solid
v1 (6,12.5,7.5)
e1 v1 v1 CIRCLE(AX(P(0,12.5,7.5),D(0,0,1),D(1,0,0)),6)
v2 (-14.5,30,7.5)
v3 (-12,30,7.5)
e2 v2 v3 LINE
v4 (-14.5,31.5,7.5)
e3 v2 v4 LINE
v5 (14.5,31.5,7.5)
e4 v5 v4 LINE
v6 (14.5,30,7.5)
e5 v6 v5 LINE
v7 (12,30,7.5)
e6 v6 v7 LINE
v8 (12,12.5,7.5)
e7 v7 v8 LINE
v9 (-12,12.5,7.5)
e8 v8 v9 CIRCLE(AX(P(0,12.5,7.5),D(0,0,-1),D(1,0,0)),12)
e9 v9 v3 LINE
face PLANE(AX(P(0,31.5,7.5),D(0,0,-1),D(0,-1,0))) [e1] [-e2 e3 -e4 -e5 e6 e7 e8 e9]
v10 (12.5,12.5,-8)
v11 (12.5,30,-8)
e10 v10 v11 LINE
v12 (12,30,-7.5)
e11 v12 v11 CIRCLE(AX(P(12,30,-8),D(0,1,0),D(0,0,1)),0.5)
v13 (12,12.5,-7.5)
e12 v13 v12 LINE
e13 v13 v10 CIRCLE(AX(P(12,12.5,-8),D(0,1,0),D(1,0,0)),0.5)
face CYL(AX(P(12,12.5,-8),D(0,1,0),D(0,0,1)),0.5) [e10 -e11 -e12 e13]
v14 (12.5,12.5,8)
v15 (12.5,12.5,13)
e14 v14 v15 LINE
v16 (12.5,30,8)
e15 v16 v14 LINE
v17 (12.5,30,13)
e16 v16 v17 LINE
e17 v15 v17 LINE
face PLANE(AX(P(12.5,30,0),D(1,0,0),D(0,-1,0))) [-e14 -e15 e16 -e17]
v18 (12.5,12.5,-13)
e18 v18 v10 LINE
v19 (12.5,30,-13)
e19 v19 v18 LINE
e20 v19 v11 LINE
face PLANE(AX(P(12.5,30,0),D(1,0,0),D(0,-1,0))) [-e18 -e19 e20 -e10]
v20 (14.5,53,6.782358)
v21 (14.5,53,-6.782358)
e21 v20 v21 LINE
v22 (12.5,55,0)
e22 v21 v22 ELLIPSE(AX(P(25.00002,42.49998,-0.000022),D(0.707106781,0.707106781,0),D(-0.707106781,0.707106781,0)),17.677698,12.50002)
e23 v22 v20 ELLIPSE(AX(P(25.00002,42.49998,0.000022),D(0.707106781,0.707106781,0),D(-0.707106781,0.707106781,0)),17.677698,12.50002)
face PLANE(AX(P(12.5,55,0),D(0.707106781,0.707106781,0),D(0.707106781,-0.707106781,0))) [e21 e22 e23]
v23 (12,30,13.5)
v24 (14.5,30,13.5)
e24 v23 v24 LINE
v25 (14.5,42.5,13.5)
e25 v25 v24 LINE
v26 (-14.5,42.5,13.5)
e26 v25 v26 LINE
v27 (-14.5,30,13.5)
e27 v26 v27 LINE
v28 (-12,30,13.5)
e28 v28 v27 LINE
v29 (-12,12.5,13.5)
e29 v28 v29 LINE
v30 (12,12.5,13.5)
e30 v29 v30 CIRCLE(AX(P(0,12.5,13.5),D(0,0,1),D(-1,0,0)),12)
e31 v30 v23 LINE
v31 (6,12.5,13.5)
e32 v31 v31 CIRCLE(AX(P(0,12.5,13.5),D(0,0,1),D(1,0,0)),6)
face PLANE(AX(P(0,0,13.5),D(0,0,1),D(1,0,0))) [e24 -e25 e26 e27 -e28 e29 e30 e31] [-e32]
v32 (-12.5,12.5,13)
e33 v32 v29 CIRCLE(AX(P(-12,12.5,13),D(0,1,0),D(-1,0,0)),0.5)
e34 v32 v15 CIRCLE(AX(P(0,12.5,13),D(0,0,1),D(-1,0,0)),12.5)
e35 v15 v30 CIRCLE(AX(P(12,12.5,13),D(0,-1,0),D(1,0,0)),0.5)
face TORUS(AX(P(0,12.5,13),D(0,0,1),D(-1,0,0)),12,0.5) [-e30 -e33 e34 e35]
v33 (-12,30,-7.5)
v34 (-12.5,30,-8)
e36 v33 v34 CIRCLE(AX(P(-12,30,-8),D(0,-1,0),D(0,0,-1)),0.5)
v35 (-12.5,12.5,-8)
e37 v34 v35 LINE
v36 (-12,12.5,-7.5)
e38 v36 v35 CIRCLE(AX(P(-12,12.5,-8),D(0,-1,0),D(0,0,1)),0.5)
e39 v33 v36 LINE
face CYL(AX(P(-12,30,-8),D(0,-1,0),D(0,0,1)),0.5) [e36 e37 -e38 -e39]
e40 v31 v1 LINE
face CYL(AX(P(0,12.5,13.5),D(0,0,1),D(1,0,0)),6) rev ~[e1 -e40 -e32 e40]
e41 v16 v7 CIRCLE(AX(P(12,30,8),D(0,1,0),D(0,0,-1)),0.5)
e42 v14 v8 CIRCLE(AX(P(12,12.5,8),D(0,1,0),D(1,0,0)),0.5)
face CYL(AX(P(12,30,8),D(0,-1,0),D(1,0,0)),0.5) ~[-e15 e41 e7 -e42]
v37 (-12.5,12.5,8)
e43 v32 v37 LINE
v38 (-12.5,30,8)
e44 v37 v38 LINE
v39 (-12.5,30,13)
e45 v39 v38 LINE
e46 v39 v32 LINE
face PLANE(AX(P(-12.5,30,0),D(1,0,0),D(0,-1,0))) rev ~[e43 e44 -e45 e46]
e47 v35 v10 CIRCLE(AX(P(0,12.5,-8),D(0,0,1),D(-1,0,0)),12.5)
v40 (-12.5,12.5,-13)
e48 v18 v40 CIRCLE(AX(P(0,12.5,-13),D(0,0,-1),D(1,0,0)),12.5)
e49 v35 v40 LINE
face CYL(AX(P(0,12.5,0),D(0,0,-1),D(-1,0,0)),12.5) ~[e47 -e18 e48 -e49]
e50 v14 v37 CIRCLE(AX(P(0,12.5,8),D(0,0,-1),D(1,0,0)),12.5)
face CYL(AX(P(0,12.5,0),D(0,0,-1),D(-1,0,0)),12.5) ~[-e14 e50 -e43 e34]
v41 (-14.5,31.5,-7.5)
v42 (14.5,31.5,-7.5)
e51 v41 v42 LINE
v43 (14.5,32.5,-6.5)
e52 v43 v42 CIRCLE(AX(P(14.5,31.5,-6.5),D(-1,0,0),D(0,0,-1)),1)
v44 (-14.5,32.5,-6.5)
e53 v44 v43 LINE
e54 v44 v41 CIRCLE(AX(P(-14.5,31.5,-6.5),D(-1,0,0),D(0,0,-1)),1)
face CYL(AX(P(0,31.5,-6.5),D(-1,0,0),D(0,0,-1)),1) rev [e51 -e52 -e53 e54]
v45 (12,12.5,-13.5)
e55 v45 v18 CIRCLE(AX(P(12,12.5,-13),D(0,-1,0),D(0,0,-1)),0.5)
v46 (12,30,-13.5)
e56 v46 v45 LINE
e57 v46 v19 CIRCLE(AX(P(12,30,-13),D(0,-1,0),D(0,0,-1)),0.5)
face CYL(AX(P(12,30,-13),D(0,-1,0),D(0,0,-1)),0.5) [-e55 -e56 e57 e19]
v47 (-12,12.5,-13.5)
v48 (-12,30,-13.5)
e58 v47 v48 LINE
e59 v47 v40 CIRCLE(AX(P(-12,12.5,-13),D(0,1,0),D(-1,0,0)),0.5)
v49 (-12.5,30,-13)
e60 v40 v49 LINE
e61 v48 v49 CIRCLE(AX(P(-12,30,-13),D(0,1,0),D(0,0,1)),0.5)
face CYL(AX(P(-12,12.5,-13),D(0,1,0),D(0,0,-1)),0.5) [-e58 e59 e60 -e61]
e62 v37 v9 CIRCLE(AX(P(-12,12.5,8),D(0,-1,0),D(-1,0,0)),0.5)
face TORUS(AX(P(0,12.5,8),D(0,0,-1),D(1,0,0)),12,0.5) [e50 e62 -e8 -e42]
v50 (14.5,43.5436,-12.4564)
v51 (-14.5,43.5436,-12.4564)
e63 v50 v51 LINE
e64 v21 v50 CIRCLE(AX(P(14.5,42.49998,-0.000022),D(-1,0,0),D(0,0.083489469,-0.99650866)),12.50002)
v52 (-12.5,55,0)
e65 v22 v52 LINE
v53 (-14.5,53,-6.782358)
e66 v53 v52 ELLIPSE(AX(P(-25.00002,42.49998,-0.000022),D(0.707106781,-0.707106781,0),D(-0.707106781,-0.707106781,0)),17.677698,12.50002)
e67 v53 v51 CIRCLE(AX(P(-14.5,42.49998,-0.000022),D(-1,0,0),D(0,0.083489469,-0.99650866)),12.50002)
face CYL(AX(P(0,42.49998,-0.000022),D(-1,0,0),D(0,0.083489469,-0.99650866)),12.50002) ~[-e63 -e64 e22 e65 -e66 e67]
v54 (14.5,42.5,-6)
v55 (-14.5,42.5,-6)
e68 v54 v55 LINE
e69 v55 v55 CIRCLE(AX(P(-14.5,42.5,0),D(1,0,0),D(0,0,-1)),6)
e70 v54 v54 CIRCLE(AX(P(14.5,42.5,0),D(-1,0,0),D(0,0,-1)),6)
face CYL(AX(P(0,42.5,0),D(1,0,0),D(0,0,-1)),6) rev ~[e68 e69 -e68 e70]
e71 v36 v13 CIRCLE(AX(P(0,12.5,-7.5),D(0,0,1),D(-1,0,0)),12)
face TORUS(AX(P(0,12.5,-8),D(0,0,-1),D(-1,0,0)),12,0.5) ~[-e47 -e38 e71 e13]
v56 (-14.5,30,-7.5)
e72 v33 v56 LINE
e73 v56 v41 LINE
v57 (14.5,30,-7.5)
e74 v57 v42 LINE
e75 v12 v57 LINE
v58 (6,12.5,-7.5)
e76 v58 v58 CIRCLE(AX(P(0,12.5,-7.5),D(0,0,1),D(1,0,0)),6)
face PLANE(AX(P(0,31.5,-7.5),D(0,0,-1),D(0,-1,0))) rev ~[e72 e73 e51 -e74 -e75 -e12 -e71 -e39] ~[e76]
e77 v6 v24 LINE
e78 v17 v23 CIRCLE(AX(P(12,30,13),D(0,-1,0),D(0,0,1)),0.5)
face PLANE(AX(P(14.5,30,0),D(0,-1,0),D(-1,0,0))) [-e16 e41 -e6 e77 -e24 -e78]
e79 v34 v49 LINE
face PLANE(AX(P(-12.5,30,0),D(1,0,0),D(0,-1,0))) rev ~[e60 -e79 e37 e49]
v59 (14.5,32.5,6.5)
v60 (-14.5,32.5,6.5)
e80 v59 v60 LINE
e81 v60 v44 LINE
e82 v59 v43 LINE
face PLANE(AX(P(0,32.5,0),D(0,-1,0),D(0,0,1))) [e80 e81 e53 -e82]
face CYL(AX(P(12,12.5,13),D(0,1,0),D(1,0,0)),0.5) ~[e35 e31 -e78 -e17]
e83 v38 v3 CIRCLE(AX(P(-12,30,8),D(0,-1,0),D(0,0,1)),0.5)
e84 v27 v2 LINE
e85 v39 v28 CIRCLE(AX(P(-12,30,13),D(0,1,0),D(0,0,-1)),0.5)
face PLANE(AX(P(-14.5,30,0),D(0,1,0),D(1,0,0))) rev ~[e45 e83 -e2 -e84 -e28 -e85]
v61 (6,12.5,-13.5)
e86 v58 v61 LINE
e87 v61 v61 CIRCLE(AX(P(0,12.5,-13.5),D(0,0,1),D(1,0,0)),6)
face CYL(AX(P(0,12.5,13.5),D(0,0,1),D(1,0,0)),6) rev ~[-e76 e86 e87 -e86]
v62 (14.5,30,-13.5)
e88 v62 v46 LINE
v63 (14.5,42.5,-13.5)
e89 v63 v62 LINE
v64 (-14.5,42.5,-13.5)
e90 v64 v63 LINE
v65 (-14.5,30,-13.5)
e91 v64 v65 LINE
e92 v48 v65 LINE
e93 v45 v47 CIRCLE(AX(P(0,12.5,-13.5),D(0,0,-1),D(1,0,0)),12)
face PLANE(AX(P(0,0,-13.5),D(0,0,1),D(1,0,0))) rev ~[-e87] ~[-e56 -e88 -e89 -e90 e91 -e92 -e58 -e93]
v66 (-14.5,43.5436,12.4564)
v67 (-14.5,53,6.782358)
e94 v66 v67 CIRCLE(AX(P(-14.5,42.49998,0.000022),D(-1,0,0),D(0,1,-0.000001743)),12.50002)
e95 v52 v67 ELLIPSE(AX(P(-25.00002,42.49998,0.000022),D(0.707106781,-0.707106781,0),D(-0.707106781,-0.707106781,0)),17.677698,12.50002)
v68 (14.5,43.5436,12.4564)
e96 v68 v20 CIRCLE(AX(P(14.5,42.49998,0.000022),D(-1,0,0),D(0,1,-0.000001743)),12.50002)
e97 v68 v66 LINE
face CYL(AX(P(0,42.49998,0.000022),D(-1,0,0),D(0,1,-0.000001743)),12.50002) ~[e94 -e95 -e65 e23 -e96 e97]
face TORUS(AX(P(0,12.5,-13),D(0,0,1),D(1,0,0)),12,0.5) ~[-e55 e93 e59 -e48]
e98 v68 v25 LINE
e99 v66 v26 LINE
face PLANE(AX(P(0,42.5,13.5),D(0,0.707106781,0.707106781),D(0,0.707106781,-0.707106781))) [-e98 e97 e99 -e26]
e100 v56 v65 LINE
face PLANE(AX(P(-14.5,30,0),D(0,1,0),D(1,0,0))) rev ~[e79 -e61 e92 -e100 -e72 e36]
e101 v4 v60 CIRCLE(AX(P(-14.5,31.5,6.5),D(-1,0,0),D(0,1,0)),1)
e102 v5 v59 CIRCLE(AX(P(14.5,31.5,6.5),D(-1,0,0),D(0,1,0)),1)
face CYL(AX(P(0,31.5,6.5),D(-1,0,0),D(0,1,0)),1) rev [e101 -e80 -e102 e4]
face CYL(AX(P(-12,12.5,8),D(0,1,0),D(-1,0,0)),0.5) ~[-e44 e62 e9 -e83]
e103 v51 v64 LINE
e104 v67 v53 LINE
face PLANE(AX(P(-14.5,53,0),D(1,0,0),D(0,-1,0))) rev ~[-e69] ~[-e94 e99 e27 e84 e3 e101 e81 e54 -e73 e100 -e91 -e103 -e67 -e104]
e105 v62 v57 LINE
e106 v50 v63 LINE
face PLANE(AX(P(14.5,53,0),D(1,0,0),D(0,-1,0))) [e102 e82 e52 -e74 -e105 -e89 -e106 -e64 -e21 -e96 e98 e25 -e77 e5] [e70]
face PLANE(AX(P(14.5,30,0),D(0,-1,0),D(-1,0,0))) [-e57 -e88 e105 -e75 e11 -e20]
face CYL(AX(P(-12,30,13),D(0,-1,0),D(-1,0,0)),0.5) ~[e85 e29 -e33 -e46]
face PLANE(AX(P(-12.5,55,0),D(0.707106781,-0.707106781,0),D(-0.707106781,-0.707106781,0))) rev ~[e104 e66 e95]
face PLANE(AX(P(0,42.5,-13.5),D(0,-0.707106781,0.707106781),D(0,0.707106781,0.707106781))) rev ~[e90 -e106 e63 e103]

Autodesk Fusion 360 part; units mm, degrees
sketch "Sketch1" plane through (0, 0, 0) normal (0, 0, 1) x (1, 0, 0)
  line L0 (0, 0) -> (0, 55) construction
  line L1 (0, 12.5) -> (12.5, 12.5) construction
  arc A0 (0, 0) -> (12.5, 12.5) centre (0, 12.5) ccw
  line L2 (0, 55) -> (12.5, 55)
  line L3 (12.5, 55) -> (12.5, 12.5)
  line L4 (0, 55) -> (-12.5, 55)
  line L5 (-12.5, 55) -> (-12.5, 12.5)
  arc A1 (-12.5, 12.5) -> (0, 0) centre (0, 12.5) ccw
  line L6 (14.5, 55) -> (14.5, 12.5) construction
  line L7 (12.5, 55) -> (14.5, 53)
  line L8 (12.5, 55) -> (26.8265, 55) construction
  line L9 (14.5, 53) -> (14.5, 30)
  line L10 (14.5, 30) -> (12.5, 30)
  line L11 (-14.5, 30) -> (-12.5, 30)
  line L12 (-12.5, 55) -> (-26.8265, 55) construction
  line L13 (-14.5, 53) -> (-14.5, 30)
  line L14 (-14.5, 55) -> (-12.5, 55)
  line L15 (12.5, 55) -> (14.5, 55)
  line L16 (-12.5, 55) -> (-14.5, 53)
  dimension "d1" = 55
  dimension "d2" = 25
  dimension "d4" = 12.5
  dimension "d5" = 2
  dimension "d6" = 45
  dimension "d7" = 25
extrude "Extrude1" add sketch "Sketch1" along normal mid plane 27
sketch "Sketch2" plane through (0, 0, 13.5) normal (0, 0, 1) x (1, 0, 0)
  line L0 (12.5, 55) -> (-12.5, 55)
  line L1 (-12.5, 55) -> (-14.5, 53)
  line L2 (-14.5, 53) -> (-14.5, 30)
  line L3 (-14.5, 30) -> (-12.5, 30)
  line L4 (-12.5, 30) -> (-12.5, 12.5)
  arc A0 (-12.5, 12.5) -> (12.5, 12.5) centre (0, 12.5) ccw
  line L5 (12.5, 12.5) -> (12.5, 30)
  line L6 (12.5, 30) -> (14.5, 30)
  line L7 (14.5, 30) -> (14.5, 53)
  line L8 (14.5, 53) -> (12.5, 55)
  arc A1 (-12.5, 12.5) -> (12.5, 12.5) centre (0, 12.5) ccw
  circle A2 centre (0, 12.5) radius 6
  dimension "d10" = 12
extrude "Extrude2" cut sketch "Sketch2" against normal through all contours A2
sketch "Sketch3" plane through (0, 0, 0) normal (1, 0, 0) x (0, 0, -1)
  line L0 (13.5, 18.5) -> (13.5, 6.5) construction
  line L1 (-13.5, 6.5) -> (-13.5, 18.5) construction
  line L2 (13.5, 55) -> (-13.5, 55) construction
  line L3 (13.5, 30) -> (13.5, 53) construction
  line L4 (13.5, 53) -> (13.5, 55) construction
  line L5 (-13.5, 55) -> (-13.5, 53) construction
  line L6 (-13.5, 53) -> (-13.5, 30) construction
  line L7 (-13.5, 30) -> (-13.5, 12.5) construction
  line L8 (13.5, 12.5) -> (13.5, 30) construction
  line L9 (13.5, 0) -> (13.5, 12.5) construction
  line L10 (-13.5, 12.5) -> (-13.5, 0) construction
  line L11 (13.5, 12.5) -> (-13.5, 12.5) construction
  line L12 (-13.5, 12.5) -> (-13.5, 0) construction
  line L13 (-13.5, 12.5) -> (13.5, 12.5) construction
  line L14 (13.5, 0) -> (13.5, 12.5) construction
  line L15 (13.5, 0) -> (-13.5, 0) construction
  line L16 (-13.5, 42.5) -> (13.5, 42.5) construction
  line L17 (13.5, 32.5) -> (-13.5, 32.5) construction
  line L18 (13.5, 32.5) -> (13.5, 2)
  line L19 (7.5, 31.5) -> (7.5, 0)
  line L20 (11.5, 0) -> (7.5, 0)
  line L21 (0, 32.5) -> (6.5, 32.5)
  arc A0 (7.5, 31.5) -> (6.5, 32.5) centre (6.5, 31.5) ccw
  line L22 (0, 55) -> (0, 0) construction
  circle A1 centre (0, 42.5) radius 12.5 construction
  line L23 (13.5, 42.5) -> (12.4564, 43.5436)
  line L24 (13.5, 42.5) -> (21.4057, 42.5) construction
  arc A2 (12.4564, 43.5436) -> (0, 55) centre (0, 42.5) ccw
  line L25 (13.5, 42.5) -> (13.5, 32.5)
  arc A3 (0, 55) -> (-12.4564, 43.5436) centre (0, 42.5) ccw
  line L26 (-13.5, 42.5) -> (-12.4564, 43.5436)
  line L27 (-13.5, 42.5) -> (-13.5, 32.5)
  line L28 (-13.5, 32.5) -> (-13.5, 2)
  line L29 (-11.5, 0) -> (-7.5, 0)
  line L30 (-7.5, 31.5) -> (-7.5, 0)
  arc A4 (-6.5, 32.5) -> (-7.5, 31.5) centre (-6.5, 31.5) ccw
  line L31 (0, 32.5) -> (-6.5, 32.5)
  line L32 (7.5, 0) -> (-7.5, 0)
  line L33 (-11.5, 0) -> (-13.5, 0)
  line L34 (-13.5, 2) -> (-13.5, 0)
  line L35 (13.5, 2) -> (13.5, 0)
  line L36 (13.5, 0) -> (11.5, 0)
  line L37 (13.5, 55) -> (13.5, 42.5)
  line L38 (13.5, 55) -> (0, 55)
  line L39 (0, 55) -> (-13.5, 55)
  line L40 (-13.5, 55) -> (-13.5, 42.5)
  circle A5 centre (0, 42.5) radius 6
  dimension "d12" = 30
  dimension "d13" = 20
  dimension "d16" = 1
  dimension "d17" = 25
  dimension "d18" = 135
  dimension "d21" = 12
extrude "Extrude3" cut sketch "Sketch3" along normal through all and the other way through all contours L23 A2 L37 L38 | A3 L26 L39 L40 | L19 L21 A0 L30 A4 L31 L32 | A5
fillet "Fillet1" radius 0.5 12 edges at (12.5, 21.25, -13.5) (0, 0, -13.5) (-12.5, 21.25, -13.5) (12.5, 21.25, -7.5) (0, 0, -7.5) (-12.5, 21.25, -7.5) (-12.5, 21.25, 7.5) (0, 0, 7.5) (12.5, 21.25, 7.5) (-12.5, 21.25, 13.5) (0, 0, 13.5) (12.5, 21.25, 13.5)
equation "d1 = 12.5 mm + 30 mm + 12.5 mm"
equation "d2 = ( 12.5 * 2 ) * 1 mm"
equation "d8 = 6 mm + 15 mm + 6 mm"
equation "d17 = ( 12.5 * 2 ) * 1 mm"
